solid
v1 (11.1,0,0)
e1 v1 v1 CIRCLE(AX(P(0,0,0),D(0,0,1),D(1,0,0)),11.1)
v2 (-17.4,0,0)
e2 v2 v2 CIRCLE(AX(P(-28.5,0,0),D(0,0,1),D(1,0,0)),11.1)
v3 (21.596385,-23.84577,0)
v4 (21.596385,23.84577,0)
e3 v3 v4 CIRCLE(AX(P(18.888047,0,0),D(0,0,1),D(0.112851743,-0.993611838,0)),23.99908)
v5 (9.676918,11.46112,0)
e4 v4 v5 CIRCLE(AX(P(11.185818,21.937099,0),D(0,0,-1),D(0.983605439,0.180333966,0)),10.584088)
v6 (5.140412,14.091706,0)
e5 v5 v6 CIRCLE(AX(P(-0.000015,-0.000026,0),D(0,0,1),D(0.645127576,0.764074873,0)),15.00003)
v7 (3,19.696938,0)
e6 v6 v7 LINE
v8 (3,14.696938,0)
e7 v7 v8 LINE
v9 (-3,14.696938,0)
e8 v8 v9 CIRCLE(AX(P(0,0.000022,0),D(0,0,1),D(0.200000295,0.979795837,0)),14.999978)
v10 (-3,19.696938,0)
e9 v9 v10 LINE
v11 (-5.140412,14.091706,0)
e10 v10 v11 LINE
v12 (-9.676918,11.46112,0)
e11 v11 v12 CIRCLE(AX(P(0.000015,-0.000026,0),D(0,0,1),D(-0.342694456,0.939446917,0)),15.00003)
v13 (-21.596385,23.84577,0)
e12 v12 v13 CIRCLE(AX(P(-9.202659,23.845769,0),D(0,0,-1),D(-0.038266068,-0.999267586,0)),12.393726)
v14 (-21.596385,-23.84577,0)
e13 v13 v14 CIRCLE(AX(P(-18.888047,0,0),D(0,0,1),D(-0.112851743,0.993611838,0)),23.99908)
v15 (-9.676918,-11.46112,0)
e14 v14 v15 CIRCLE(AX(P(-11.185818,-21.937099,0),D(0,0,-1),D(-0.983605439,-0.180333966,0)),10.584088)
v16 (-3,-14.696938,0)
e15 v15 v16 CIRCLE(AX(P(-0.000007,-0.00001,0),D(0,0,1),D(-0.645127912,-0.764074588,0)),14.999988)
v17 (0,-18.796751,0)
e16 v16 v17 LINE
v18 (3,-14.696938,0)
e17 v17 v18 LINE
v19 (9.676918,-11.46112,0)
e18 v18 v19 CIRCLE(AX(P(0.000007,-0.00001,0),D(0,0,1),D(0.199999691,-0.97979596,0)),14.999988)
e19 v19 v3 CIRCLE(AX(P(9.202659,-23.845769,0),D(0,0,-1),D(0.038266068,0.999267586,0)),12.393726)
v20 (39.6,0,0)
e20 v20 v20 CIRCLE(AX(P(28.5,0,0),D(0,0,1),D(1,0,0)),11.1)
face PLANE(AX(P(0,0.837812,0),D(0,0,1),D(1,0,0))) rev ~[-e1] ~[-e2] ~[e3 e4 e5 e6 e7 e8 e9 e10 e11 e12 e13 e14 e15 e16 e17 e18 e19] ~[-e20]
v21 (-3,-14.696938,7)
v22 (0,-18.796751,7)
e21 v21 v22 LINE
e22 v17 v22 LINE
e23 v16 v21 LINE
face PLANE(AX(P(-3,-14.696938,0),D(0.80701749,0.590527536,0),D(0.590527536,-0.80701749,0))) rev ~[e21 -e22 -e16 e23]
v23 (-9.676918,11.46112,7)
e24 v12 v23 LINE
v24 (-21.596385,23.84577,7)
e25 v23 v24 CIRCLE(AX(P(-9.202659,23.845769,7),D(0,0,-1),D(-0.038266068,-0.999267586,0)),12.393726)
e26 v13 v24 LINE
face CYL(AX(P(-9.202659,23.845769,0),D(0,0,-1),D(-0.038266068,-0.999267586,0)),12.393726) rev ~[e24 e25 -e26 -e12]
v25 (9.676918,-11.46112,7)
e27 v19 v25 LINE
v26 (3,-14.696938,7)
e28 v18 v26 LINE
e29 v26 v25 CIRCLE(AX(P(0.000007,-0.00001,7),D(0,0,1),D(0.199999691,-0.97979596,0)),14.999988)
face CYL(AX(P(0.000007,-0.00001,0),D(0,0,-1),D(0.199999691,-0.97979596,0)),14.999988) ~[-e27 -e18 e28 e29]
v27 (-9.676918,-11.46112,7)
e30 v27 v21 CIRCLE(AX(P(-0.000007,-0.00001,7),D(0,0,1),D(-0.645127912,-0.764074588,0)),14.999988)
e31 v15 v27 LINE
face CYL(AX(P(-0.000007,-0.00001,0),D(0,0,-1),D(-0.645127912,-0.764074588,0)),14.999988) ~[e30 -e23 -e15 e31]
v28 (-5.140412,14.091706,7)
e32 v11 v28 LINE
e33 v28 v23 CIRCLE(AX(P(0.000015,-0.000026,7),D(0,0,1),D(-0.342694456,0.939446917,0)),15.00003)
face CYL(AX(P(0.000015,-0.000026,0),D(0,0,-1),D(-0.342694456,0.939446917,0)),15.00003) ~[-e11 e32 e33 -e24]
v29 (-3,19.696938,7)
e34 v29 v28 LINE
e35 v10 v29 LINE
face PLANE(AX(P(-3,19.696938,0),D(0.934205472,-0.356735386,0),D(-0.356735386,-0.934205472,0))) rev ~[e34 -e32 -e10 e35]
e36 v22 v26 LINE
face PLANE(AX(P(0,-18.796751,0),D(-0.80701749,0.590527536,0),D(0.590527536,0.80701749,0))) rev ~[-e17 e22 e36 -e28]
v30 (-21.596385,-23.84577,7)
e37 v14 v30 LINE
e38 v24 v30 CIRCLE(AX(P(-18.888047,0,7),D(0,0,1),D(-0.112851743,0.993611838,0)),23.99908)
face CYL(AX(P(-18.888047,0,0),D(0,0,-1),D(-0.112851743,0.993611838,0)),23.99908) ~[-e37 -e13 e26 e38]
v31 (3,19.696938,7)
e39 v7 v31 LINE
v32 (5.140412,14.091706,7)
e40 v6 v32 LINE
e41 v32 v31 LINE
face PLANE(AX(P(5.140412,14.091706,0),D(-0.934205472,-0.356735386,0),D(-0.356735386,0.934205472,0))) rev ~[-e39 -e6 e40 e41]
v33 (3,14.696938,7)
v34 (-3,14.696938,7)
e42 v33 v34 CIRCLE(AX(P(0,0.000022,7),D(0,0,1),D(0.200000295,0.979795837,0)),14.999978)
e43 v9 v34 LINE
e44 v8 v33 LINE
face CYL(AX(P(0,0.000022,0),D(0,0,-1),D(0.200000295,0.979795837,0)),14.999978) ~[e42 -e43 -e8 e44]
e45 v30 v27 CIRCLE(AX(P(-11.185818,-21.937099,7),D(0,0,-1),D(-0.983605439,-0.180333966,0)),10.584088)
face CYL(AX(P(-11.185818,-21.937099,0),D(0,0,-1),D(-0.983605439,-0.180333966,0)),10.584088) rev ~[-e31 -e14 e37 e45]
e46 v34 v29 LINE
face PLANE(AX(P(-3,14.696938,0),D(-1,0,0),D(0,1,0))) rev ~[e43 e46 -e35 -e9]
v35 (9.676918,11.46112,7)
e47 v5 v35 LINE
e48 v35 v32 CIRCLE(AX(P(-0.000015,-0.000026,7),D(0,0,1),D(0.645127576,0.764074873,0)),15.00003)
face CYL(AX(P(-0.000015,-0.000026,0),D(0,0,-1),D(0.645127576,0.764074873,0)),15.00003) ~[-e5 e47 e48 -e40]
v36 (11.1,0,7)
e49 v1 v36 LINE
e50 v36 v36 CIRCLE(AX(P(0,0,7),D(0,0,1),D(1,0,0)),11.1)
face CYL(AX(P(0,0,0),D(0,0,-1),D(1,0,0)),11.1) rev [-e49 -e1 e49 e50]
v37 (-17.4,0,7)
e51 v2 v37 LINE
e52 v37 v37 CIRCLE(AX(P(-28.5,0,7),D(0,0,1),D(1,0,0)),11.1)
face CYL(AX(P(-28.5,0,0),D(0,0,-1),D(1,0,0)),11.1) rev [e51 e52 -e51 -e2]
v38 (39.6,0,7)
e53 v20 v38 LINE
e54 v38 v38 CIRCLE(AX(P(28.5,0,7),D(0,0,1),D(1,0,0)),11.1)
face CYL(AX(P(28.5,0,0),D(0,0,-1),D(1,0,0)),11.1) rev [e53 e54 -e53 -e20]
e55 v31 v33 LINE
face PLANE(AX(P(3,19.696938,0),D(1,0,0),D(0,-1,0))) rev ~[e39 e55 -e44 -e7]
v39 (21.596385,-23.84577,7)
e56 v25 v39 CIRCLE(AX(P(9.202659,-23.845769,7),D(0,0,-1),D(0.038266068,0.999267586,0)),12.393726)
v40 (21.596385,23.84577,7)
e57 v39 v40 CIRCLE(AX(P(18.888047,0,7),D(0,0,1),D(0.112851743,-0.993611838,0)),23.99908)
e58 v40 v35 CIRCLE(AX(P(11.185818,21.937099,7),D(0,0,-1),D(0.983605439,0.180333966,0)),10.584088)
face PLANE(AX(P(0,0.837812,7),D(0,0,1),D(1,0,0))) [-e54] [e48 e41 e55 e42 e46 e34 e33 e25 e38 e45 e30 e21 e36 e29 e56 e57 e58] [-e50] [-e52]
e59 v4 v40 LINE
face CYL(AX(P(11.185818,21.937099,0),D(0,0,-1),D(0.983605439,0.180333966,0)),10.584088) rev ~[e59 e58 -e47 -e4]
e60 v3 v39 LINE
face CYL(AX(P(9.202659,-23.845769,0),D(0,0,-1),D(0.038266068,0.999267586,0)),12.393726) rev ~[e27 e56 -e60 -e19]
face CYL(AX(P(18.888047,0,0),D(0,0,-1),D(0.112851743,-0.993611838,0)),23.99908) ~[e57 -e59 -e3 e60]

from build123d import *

# Parameters (mm, degrees)
F0_R     = 11.1
F1_DEPTH = 7


with BuildPart() as f1:
    # F0 (on Top) → F1 (new body)
    with BuildSketch(Plane.XY):
        with BuildLine():
            ThreePointArc((21.596385, 23.84577), (18.811748, 14.597609), (9.676918, 11.46112))
            ThreePointArc((9.676918, 11.46112), (7.524514, 12.976197), (5.140412, 14.091706))
            Line((5.140412, 14.091706), (3, 19.696938))
            Line((3, 19.696938), (3, 17.696938))
            Line((3, 17.696938), (3, 15))
            Line((3, 15), (3, 14.696938))
            ThreePointArc((3, 14.696938), (0, 15), (-3, 14.696938))
            Line((-3, 14.696938), (-3, 17.696938))
            Line((-3, 17.696938), (-3, 19.696938))
            Line((-3, 19.696938), (-5.140412, 14.091706))
            ThreePointArc((-5.140412, 14.091706), (-7.524514, 12.976197), (-9.676918, 11.46112))
            ThreePointArc((-9.676918, 11.46112), (-18.132449, 15.251393), (-21.596385, 23.84577))
            ThreePointArc((-21.596385, 23.84577), (-42.887127, 0), (-21.596385, -23.84577))
            ThreePointArc((-21.596385, -23.84577), (-18.811748, -14.597609), (-9.676918, -11.46112))
            ThreePointArc((-9.676918, -11.46112), (-6.541689, -13.498382), (-3, -14.696938))
            Line((-3, -14.696938), (0, -18.796751))
            Line((0, -18.796751), (3, -14.696938))
            ThreePointArc((3, -14.696938), (6.541689, -13.498382), (9.676918, -11.46112))
            ThreePointArc((9.676918, -11.46112), (18.132449, -15.251393), (21.596385, -23.84577))
            ThreePointArc((21.596385, -23.84577), (42.887127, 0), (21.596385, 23.84577))
        make_face()
        with Locations((-28.5, 0)):
            Circle(F0_R, mode=Mode.SUBTRACT)
        Circle(F0_R, mode=Mode.SUBTRACT)
        with Locations((28.5, 0)):
            Circle(F0_R, mode=Mode.SUBTRACT)
    extrude(amount=F1_DEPTH)


solid = f1.part
